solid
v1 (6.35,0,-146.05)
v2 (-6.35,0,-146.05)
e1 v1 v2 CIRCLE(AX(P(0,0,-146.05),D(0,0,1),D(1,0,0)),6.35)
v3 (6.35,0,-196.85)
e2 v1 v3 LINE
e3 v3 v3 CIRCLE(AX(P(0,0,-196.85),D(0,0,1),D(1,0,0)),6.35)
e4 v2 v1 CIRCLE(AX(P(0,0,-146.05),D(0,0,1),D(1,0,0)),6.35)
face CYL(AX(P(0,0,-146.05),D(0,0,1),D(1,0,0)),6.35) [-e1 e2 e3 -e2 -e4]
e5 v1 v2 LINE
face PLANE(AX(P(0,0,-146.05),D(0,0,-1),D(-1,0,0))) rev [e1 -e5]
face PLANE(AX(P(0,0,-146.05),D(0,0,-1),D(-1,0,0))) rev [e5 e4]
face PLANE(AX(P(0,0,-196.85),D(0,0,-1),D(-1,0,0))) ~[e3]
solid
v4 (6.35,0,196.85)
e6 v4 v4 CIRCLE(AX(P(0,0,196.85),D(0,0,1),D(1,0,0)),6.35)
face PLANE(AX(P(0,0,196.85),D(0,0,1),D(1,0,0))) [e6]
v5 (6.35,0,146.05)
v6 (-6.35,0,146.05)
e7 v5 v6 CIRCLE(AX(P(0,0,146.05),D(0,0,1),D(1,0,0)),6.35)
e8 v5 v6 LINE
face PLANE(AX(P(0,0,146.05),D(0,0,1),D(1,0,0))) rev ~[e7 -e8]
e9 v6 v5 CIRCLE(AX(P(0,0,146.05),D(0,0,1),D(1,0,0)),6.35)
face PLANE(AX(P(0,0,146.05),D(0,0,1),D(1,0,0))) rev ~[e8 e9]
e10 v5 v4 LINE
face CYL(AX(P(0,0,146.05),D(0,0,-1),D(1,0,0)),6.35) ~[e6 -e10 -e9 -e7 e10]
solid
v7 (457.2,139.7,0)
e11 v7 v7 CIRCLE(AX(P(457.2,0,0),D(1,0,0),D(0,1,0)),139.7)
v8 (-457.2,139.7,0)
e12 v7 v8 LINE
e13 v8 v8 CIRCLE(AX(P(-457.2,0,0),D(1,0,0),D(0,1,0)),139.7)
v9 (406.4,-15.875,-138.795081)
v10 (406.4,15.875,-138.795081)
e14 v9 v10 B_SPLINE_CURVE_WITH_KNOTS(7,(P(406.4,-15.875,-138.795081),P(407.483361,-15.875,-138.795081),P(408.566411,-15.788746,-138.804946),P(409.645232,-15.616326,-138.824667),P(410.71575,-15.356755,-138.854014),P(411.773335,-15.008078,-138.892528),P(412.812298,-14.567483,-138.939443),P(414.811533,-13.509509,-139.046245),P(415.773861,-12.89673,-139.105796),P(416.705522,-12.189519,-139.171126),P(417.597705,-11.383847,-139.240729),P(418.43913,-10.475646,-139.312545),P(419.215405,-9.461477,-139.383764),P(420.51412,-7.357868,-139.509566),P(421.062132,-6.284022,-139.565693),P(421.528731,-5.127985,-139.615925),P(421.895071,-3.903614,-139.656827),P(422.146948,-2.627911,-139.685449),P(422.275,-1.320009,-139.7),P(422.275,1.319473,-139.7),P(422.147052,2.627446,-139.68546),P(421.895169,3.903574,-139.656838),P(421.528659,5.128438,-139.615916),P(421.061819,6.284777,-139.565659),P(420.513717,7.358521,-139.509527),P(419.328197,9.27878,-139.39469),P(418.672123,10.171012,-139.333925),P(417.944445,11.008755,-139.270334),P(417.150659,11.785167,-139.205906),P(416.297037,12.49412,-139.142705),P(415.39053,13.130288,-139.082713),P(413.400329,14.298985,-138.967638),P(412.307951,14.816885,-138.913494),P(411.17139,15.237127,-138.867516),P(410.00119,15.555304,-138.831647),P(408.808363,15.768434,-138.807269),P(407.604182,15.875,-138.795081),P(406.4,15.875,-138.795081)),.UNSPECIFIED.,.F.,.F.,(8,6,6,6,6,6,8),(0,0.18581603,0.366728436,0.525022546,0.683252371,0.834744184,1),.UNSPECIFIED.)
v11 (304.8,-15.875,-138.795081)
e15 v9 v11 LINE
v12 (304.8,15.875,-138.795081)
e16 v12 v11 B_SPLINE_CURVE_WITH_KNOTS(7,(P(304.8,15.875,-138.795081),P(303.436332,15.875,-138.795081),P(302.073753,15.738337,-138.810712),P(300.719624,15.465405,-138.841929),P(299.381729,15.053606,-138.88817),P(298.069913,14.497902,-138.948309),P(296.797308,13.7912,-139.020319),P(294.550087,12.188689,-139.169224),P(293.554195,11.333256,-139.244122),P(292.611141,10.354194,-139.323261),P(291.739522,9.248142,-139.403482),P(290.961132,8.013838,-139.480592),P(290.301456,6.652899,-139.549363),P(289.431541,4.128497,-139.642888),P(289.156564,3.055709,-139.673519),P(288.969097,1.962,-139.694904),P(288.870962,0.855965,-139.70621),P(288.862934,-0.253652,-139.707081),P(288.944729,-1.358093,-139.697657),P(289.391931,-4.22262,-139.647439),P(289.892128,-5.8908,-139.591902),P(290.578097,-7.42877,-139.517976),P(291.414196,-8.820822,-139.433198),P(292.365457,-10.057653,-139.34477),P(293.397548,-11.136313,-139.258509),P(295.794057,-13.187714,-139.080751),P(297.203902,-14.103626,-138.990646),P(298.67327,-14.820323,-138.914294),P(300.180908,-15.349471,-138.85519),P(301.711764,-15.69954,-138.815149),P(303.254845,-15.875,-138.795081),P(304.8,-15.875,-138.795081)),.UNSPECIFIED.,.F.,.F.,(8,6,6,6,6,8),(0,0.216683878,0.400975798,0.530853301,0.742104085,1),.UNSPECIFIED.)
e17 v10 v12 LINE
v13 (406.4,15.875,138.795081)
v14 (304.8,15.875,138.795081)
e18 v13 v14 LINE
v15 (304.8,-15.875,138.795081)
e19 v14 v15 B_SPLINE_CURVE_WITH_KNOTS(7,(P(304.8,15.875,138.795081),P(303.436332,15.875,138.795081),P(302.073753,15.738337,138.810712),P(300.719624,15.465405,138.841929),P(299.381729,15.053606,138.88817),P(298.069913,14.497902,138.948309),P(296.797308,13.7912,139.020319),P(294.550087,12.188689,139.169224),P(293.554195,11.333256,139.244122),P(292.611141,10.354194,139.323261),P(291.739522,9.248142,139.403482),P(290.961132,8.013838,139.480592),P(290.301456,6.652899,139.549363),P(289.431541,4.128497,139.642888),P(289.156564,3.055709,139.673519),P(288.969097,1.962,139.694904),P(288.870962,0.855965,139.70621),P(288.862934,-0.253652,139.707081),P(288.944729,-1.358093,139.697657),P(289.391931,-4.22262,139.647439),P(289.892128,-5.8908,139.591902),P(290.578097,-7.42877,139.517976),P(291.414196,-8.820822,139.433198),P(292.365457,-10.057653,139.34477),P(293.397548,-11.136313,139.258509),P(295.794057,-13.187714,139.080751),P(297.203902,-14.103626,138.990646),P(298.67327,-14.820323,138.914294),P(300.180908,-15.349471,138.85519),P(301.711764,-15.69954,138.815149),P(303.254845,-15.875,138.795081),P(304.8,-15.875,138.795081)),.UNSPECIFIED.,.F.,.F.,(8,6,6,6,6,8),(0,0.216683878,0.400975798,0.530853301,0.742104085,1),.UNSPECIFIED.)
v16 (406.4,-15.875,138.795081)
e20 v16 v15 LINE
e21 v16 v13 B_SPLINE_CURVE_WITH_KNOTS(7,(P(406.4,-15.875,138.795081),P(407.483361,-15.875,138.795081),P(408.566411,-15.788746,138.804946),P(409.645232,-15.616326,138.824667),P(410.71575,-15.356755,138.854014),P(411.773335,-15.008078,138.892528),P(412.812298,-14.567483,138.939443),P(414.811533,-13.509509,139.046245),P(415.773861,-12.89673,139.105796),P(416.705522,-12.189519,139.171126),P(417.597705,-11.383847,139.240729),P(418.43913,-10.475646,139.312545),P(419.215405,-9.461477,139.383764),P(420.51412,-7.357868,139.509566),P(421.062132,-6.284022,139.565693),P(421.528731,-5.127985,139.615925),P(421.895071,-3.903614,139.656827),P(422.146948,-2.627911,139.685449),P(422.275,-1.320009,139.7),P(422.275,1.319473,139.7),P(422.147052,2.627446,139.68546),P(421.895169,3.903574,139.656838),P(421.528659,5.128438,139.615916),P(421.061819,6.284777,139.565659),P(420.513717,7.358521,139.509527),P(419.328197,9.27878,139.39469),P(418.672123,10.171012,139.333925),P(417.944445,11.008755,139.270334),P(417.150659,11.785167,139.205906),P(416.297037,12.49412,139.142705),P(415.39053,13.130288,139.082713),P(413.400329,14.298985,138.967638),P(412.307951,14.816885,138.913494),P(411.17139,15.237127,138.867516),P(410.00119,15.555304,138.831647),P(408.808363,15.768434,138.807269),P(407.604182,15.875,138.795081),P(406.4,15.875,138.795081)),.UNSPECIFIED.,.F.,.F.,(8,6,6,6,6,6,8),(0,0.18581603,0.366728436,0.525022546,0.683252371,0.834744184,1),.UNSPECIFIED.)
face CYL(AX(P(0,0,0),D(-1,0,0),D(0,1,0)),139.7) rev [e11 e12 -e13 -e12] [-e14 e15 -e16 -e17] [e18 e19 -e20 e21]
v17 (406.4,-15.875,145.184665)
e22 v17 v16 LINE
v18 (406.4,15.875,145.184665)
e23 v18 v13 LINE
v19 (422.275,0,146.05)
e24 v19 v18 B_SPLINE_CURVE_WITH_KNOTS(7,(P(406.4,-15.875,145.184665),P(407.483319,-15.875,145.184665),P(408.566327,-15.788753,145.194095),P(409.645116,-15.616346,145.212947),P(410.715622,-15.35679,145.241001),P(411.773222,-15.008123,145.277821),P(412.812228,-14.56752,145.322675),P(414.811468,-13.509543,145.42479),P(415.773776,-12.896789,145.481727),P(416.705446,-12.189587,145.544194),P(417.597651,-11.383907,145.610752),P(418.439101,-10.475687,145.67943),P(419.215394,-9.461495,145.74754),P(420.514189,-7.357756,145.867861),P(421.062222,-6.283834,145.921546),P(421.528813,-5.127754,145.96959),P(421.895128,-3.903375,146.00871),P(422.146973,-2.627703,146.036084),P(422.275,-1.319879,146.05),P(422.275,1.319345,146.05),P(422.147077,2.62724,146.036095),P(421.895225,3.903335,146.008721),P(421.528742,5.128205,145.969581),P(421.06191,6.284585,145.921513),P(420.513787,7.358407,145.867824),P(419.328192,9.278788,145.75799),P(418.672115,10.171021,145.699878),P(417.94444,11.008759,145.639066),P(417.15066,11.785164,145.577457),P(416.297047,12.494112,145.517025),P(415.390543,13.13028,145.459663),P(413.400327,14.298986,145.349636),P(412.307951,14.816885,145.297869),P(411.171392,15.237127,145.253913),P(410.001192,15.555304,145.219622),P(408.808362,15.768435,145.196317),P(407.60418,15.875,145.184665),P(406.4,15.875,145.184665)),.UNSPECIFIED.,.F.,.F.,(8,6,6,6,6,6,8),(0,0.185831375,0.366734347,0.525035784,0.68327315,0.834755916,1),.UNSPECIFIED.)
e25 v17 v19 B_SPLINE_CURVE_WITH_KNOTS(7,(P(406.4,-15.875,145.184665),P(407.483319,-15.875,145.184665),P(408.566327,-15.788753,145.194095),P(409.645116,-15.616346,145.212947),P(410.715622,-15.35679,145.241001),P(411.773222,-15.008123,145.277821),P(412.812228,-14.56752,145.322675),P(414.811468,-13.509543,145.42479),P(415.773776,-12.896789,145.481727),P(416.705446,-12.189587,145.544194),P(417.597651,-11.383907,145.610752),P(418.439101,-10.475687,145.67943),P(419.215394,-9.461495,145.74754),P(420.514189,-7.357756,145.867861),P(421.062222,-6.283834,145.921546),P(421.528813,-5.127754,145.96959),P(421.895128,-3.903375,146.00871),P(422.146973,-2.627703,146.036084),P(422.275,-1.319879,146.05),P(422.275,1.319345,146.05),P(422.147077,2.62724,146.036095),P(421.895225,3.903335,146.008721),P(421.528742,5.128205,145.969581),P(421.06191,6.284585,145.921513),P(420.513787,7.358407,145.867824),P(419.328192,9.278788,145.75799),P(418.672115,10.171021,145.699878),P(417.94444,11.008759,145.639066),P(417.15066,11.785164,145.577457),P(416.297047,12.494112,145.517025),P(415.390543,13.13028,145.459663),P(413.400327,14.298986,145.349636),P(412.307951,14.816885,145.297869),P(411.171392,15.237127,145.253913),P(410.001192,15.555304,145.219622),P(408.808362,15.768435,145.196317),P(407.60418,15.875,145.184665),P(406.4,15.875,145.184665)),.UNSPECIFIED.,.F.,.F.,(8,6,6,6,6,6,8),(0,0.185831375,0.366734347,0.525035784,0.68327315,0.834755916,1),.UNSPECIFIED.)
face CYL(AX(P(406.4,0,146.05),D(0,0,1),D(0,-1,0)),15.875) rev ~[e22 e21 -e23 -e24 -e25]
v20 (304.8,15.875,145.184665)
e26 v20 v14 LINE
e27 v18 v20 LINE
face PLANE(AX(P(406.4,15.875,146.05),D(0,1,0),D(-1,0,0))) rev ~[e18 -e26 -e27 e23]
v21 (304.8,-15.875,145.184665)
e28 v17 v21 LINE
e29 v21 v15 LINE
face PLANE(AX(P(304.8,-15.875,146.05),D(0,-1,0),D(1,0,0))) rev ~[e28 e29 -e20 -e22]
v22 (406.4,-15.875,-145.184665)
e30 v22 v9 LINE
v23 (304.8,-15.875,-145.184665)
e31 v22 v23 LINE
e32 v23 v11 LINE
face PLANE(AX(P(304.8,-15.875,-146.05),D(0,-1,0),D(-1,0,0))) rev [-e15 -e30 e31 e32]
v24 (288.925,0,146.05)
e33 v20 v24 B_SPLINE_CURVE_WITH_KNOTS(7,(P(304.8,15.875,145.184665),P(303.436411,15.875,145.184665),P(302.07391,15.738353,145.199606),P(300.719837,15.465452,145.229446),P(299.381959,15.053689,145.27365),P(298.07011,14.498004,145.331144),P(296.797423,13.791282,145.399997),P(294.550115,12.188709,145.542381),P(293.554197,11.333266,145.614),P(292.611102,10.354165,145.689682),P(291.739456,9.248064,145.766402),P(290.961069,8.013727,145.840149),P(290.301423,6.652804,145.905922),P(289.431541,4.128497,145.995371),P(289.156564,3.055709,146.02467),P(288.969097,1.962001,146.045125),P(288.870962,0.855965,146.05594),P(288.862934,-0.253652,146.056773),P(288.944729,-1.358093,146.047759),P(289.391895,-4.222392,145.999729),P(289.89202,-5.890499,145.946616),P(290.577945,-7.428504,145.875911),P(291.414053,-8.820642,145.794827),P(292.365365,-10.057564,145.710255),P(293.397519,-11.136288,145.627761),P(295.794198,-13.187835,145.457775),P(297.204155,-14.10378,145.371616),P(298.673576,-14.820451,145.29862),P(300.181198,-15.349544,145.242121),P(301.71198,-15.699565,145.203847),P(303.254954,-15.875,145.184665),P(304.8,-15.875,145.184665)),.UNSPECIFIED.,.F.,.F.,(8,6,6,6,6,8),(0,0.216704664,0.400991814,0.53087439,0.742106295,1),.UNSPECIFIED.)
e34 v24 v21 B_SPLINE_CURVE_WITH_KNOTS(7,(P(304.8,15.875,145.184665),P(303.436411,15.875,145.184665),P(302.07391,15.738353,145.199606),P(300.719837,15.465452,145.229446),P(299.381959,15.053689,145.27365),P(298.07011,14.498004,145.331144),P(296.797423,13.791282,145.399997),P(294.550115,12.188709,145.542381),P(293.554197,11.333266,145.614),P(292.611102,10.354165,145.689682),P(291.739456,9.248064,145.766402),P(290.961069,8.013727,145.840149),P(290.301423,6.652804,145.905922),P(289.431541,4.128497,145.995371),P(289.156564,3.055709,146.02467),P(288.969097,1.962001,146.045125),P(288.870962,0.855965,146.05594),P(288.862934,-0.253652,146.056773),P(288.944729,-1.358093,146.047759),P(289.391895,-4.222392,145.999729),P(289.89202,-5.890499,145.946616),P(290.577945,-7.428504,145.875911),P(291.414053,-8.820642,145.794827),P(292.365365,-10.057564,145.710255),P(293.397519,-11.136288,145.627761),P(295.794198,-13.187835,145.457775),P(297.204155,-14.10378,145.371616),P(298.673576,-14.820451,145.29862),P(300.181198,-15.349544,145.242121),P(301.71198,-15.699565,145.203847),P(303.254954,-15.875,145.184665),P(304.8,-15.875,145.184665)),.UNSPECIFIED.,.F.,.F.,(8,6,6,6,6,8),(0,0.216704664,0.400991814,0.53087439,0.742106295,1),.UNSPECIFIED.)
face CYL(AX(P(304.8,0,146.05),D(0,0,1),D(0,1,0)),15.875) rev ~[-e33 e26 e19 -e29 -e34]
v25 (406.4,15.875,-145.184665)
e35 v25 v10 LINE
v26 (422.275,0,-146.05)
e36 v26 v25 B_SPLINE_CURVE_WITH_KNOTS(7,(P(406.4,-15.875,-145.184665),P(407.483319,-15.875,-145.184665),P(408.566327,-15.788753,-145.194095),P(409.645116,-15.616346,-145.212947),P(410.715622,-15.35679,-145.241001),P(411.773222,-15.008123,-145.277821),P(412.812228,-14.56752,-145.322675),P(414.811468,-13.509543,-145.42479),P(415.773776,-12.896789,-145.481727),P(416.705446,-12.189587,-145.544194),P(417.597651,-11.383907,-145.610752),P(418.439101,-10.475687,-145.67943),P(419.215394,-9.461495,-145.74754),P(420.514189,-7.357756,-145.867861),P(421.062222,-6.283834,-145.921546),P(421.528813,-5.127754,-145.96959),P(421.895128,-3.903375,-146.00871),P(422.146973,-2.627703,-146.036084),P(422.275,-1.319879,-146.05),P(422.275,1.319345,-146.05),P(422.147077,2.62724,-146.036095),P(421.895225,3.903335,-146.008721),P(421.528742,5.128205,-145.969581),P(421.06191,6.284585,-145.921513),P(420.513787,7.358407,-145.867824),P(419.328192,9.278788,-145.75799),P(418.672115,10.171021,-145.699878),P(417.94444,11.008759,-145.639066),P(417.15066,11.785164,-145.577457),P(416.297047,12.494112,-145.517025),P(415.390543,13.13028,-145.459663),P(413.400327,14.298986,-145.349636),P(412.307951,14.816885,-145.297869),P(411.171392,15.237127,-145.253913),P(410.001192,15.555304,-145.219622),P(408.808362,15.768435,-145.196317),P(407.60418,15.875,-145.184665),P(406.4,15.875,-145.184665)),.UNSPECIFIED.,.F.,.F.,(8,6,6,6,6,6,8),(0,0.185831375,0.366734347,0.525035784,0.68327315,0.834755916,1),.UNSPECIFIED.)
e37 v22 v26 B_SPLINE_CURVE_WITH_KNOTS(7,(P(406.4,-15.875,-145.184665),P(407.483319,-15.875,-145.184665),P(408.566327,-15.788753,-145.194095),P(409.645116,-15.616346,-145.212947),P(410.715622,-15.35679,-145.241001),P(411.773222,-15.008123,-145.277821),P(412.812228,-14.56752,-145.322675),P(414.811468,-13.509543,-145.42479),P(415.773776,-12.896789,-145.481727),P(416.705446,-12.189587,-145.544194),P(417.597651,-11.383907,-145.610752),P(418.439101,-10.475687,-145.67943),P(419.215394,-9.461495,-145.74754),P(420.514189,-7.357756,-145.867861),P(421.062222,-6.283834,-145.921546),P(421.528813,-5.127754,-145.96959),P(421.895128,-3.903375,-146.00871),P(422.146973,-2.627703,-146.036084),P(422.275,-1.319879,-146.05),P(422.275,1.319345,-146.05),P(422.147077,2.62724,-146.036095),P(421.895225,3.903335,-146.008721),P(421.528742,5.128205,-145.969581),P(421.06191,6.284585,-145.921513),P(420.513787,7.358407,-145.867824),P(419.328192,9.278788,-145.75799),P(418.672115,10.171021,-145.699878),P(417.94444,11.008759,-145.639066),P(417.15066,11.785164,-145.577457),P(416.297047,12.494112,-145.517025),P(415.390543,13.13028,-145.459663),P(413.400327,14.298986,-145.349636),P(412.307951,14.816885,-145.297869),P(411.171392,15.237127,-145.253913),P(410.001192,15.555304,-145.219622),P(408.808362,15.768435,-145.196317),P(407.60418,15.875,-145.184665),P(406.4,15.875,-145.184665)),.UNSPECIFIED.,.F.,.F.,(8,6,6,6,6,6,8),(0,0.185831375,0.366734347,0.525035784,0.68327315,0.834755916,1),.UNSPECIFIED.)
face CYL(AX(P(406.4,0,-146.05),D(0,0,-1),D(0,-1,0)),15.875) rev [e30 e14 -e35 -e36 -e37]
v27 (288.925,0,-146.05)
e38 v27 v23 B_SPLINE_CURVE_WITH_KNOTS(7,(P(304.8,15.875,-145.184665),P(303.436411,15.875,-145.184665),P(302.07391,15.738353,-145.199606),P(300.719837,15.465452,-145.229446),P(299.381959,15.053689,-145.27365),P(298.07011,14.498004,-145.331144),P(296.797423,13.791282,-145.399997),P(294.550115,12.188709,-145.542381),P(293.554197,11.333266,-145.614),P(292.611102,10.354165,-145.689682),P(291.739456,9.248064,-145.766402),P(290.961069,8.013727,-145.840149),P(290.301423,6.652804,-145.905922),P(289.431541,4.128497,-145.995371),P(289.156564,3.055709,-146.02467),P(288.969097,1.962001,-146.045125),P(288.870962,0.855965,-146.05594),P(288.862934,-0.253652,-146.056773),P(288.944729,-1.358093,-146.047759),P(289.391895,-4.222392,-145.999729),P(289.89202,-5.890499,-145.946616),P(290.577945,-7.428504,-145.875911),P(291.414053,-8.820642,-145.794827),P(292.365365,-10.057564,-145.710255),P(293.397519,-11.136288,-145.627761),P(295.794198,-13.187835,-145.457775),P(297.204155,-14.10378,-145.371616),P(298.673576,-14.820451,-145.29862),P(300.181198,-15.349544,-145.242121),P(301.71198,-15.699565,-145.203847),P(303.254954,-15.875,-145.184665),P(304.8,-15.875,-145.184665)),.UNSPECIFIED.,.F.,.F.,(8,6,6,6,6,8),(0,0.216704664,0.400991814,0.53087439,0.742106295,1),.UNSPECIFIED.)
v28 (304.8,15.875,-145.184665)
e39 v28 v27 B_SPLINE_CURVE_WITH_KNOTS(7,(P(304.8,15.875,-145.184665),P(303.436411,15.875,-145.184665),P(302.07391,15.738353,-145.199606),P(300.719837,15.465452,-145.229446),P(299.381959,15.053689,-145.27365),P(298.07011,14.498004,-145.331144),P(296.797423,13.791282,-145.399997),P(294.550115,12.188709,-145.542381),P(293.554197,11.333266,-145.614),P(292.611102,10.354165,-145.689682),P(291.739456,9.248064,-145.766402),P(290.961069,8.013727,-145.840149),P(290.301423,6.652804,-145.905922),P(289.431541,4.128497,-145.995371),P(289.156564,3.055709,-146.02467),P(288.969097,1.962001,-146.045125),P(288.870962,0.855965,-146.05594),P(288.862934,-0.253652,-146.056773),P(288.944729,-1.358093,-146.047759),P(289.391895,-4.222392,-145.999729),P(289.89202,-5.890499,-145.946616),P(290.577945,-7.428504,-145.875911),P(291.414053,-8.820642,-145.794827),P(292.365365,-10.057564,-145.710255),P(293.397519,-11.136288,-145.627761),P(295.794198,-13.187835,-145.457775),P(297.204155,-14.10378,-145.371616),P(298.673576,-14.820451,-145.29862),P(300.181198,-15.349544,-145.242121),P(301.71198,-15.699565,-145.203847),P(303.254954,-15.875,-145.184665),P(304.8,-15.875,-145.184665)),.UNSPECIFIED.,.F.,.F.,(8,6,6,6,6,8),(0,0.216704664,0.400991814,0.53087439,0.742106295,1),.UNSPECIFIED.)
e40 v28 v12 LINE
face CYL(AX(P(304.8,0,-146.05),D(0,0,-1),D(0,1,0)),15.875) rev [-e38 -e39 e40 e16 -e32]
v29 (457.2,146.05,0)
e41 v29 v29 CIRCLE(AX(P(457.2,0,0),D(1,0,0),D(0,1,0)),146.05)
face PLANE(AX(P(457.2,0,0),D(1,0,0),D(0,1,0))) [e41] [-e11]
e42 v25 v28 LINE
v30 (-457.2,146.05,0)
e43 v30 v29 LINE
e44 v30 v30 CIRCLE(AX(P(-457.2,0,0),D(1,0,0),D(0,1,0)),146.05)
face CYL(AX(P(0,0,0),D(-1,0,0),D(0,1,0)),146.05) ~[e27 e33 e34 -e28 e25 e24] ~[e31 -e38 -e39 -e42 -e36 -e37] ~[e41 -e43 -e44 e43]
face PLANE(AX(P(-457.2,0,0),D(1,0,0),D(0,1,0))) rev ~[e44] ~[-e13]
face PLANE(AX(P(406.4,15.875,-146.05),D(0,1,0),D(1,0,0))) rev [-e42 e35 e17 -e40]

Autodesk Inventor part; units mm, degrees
ref_plane "XZ Plane" through (0, 0, 0) normal (0, 1, 0) x (-1, 0, 0)
sketch "Sketch1" plane through (0, 0, 0) normal (1, 0, 0) x (0, 1, 0)
  circle A0 centre (0, 0) radius 139.7
  circle A1 centre (0, 0) radius 146.05
  dimension "d0" = 279.4
  dimension "d1" = 292.1
extrude "Extrusion1" add sketch "Sketch1" along normal mid plane 914.4
ref_plane "Work Plane1" through (0, 0, 146.05) normal (0, 0, 1) x (1, 0, 0)
sketch "Sketch2" plane through (0, 0, 146.05) normal (0, 0, 1) x (1, 0, 0)
  circle A0 centre (0, 0) radius 6.35
  dimension "d4" = 12.7
extrude "Extrusion2" add sketch "Sketch2" along normal blind 50.8
sketch "Sketch3" plane through (0, 0, 146.05) normal (0, 0, 1) x (1, 0, 0)
  line L0 (304.8, 0) -> (406.4, 0) construction
  line L1 (304.8, -15.875) -> (406.4, -15.875)
  line L2 (406.4, 15.875) -> (304.8, 15.875)
  arc A0 (304.8, 15.875) -> (304.8, -15.875) centre (304.8, 0) ccw
  arc A1 (406.4, -15.875) -> (406.4, 15.875) centre (406.4, 0) ccw
  line L3 (457.2, -146.05) -> (457.2, 146.05) projected
  point P0 (0, 0)
  point P1 (355.6, 0)
  dimension "d7" = 31.75
  dimension "d8" = 101.6
  dimension "d9" = 50.8
extrude "Extrusion3" cut sketch "Sketch3" against normal up to next
mirror "Mirror1" about plane through (0, 0, 0) normal (0, 0, 1) of "Extrusion3"
mirror "Mirror2" about plane through (0, 0, 0) normal (0, 0, 1) of "Extrusion2"
ref_plane "Work Plane3" through (355.6, 0, 0) normal (1, 0, 0) x (0, 1, 0)
equation "\"d0\" = pitchingMachineTubeDiam"
equation "\"d1\" = pitchingMachineOuterTubeDiam"
equation "\"d2\" = pitchingMachineTubeLength"
equation "\"d4\" = pitchingMachineTubeAxelDiam"
equation "\"d5\" = pitchingMachineTubeAxelLength"
equation "\"d7\" = pMTubeSlotWidth"
equation "\"d8\" = pMTubeSlotLength"
equation "\"d9\" = pMTubeSlotDistanceFromBack"
equation "\"d10\" = pitchingMachineTubeAxelLength"
equation "\"pitchingMachineTubeDiam\" = boulderDiam + boulderDiamVariation"
equation "\"boulderDiam\" = 254"
equation "\"boulderDiamVariation\" = 25.4"
equation "\"pitchingMachineTubeThickness\" = 6.35"
equation "\"pitchingMachineOuterTubeDiam\" = pitchingMachineTubeDiam + 2 * pitchingMachineTubeThickness"
equation "\"pitchingMachineTubeLength\" = 914.4"
equation "\"pitchingMachineTubeAxelDiam\" = 12.7"
equation "\"pitchingMachineTubeAxelLength\" = 50.8"
equation "\"pMTubeSlotLength\" = 101.6"
equation "\"pMTubeSlotWidth\" = 31.75"
equation "\"pMTubeSlotDistanceFromBack\" = 50.8"
equation "\"d13\" = pMTubeWheelDistanceFromBack"
equation "\"pMTubeWheelDistanceFromBack\" = 355.6"
properties part number "pitchingMachineTube"
